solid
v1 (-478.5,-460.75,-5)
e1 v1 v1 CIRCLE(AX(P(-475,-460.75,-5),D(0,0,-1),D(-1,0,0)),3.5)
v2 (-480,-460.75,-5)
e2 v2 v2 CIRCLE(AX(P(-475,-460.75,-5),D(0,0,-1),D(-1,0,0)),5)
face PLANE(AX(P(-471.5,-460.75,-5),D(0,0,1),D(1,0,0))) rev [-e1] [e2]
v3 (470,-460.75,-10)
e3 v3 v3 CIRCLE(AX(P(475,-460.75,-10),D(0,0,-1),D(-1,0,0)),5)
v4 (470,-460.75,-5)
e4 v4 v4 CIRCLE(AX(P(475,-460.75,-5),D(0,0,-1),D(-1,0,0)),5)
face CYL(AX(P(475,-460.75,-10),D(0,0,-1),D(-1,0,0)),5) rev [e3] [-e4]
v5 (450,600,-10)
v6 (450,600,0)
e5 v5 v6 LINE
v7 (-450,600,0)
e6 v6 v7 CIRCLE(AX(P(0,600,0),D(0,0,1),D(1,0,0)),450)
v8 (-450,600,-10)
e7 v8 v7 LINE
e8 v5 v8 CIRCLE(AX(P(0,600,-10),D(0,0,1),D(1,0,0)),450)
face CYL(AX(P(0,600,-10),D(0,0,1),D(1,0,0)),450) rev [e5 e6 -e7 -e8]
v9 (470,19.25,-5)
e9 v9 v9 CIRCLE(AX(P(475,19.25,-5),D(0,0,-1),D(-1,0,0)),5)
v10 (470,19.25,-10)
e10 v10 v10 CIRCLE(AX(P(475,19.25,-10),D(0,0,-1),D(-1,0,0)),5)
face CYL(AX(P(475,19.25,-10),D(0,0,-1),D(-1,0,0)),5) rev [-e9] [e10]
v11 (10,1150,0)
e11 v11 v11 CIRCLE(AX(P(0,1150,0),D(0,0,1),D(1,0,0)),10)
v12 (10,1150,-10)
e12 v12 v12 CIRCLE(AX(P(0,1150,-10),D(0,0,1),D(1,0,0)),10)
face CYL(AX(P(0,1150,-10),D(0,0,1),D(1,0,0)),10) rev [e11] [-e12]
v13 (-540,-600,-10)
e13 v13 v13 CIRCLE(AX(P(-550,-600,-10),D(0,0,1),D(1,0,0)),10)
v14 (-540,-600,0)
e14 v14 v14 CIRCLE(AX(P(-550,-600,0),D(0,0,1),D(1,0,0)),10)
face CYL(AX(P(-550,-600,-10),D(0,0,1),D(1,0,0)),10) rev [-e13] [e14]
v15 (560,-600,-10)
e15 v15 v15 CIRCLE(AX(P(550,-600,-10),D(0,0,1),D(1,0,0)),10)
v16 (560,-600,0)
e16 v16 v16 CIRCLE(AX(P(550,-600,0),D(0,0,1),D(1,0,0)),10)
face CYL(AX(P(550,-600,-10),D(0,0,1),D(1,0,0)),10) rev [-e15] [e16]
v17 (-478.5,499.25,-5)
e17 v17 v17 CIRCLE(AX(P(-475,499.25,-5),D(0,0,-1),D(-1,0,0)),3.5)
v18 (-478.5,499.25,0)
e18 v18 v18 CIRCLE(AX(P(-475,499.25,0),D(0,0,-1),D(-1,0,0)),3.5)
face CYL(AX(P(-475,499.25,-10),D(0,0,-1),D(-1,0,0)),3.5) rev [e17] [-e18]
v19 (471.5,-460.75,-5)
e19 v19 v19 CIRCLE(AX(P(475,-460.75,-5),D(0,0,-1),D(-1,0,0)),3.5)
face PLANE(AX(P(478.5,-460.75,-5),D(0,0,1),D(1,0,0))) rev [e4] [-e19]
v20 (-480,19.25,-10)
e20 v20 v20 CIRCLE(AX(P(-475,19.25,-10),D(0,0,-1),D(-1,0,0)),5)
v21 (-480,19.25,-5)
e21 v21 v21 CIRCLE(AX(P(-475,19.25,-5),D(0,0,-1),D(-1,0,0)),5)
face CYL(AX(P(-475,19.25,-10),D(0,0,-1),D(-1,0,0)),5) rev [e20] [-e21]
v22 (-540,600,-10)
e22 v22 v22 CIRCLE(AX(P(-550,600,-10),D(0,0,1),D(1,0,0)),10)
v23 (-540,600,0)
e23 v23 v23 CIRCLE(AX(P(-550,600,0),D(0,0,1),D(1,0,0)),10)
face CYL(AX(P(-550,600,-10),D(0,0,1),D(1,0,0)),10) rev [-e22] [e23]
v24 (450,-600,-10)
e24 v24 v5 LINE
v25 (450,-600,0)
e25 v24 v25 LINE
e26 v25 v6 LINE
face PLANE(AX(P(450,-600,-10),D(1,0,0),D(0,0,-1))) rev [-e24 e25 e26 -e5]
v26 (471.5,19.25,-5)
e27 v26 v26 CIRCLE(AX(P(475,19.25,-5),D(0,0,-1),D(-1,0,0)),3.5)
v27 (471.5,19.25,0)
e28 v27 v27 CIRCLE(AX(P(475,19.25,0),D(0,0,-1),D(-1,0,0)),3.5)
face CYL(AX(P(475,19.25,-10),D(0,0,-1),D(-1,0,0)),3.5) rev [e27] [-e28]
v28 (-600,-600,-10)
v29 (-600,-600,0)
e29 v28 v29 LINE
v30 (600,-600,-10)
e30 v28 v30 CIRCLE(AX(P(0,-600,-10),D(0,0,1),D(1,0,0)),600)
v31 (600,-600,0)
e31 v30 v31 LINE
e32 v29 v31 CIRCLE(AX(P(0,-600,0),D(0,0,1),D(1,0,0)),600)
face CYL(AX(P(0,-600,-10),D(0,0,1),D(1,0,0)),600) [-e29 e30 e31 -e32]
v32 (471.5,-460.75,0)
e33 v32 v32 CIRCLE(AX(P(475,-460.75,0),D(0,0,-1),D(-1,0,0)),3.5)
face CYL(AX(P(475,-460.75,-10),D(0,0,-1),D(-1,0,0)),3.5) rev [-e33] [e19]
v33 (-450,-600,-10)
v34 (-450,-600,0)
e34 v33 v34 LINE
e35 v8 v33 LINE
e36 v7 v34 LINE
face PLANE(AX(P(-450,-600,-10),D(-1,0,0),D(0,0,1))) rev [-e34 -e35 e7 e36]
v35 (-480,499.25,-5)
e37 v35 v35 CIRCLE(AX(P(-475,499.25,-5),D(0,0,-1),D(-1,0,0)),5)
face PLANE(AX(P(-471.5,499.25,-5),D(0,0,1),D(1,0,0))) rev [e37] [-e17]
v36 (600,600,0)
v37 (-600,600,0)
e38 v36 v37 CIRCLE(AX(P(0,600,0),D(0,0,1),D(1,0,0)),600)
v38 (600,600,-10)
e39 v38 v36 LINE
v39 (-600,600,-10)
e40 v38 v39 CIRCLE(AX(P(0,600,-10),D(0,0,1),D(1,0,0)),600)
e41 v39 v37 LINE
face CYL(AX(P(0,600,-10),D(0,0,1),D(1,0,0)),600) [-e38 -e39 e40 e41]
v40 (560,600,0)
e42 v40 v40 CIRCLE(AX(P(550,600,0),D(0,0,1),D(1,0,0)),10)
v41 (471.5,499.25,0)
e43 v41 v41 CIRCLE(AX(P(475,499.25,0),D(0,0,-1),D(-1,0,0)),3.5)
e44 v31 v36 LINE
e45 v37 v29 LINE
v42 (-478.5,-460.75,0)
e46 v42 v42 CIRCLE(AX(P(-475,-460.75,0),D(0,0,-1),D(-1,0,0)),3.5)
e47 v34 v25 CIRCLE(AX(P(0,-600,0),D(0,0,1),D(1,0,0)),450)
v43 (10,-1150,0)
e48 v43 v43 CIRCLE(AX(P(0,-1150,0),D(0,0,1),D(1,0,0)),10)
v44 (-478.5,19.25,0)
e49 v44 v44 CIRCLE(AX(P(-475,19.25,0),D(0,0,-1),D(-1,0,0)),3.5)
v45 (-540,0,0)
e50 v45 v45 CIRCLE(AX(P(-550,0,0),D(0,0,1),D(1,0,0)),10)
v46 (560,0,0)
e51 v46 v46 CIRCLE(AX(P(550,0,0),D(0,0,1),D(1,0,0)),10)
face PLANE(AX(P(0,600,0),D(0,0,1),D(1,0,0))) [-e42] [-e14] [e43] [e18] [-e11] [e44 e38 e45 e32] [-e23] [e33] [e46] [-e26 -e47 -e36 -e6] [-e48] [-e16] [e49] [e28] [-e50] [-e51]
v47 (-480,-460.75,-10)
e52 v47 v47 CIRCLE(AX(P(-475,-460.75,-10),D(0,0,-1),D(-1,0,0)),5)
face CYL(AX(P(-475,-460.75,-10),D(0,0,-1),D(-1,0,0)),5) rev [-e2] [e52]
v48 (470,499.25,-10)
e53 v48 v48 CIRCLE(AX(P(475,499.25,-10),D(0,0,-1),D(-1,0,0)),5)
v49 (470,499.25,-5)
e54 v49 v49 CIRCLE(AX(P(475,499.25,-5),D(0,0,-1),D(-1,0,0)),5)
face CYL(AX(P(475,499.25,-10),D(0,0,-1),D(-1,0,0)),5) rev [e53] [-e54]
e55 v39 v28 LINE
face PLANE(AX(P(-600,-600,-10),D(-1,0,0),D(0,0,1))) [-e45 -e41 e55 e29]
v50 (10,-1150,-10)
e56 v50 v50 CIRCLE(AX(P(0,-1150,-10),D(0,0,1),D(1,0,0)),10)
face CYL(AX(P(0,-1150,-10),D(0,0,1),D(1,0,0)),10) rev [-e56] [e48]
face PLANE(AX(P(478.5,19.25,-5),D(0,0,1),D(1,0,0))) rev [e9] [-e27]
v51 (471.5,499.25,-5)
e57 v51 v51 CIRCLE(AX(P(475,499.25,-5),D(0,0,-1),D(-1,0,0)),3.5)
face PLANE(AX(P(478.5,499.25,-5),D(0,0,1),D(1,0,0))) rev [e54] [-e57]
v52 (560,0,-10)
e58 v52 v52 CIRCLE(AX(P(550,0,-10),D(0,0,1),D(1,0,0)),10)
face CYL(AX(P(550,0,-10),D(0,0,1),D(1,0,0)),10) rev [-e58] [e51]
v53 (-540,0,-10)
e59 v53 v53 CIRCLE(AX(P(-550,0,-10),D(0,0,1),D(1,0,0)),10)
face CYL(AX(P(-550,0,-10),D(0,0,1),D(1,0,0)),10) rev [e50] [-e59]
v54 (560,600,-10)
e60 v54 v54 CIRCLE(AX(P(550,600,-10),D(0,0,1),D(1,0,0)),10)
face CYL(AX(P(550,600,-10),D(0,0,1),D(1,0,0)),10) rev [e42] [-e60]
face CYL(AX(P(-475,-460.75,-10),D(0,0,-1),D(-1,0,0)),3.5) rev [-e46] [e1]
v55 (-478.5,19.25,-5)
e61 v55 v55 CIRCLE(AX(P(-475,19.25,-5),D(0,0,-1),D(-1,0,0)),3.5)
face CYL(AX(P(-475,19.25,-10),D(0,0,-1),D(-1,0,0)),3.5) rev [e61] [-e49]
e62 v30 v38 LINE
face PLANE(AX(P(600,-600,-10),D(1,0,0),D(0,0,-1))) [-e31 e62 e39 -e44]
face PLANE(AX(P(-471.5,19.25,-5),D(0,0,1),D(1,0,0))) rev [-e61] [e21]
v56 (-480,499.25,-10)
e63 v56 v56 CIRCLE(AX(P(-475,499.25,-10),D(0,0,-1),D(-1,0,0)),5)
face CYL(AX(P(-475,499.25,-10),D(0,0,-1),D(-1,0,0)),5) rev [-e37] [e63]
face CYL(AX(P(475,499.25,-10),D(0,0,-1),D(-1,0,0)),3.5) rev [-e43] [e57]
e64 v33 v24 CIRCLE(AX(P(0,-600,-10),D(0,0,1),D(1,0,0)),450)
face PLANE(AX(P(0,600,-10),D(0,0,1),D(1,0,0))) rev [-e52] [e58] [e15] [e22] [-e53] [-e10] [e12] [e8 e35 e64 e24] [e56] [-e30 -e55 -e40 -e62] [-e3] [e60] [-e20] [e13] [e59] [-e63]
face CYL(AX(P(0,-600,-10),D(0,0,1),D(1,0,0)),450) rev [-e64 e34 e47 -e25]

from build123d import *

# Parameters (mm, degrees)
SKETCH1_R           = 10
BOSS_EXTRUDE1_DEPTH = 10
HOLE2_D             = 7
HOLE2_CBORE_D       = 10
HOLE2_CBORE_DEPTH   = 5


with BuildPart() as part:
    # Sketch1 → Boss-Extrude1 (new body)
    with BuildSketch(Plane.XY):
        with BuildLine():
            Line((600, -600), (600, 600))
            ThreePointArc((600, 600), (0, 1200), (-600, 600))
            Line((-600, 600), (-600, -600))
            ThreePointArc((-600, -600), (0, -1200), (600, -600))
        make_face()
        with Locations((0, 1150)):
            Circle(SKETCH1_R, mode=Mode.SUBTRACT)
        with Locations((-550, 600)):
            Circle(SKETCH1_R, mode=Mode.SUBTRACT)
        with Locations((-550, 0)):
            Circle(SKETCH1_R, mode=Mode.SUBTRACT)
        with Locations((-550, -600)):
            Circle(SKETCH1_R, mode=Mode.SUBTRACT)
        with Locations((550, 600)):
            Circle(SKETCH1_R, mode=Mode.SUBTRACT)
        with Locations((550, 0)):
            Circle(SKETCH1_R, mode=Mode.SUBTRACT)
        with Locations((550, -600)):
            Circle(SKETCH1_R, mode=Mode.SUBTRACT)
        with Locations((0, -1150)):
            Circle(SKETCH1_R, mode=Mode.SUBTRACT)
        with BuildLine():
            Line((450, -600), (450, 600))
            ThreePointArc((450, 600), (0, 1050), (-450, 600))
            Line((-450, 600), (-450, -600))
            ThreePointArc((-450, -600), (0, -1050), (450, -600))
        make_face(mode=Mode.SUBTRACT)
    extrude(amount=-BOSS_EXTRUDE1_DEPTH)

    # Hole2 (through all)
    with Locations(Plane(origin=(475, 19.25, -10), x_dir=(-1, 0, 0), z_dir=(0, 0, -1))):
        with Locations((0, 0), (0, 480), (0, -480)):
            hole2 = CounterBoreHole(HOLE2_D / 2, HOLE2_CBORE_D / 2, HOLE2_CBORE_DEPTH)

    # Mirror1: Hole2 across plane
    add(hole2.mirror(Plane(origin=(0, 0, 0), x_dir=(0, 0, 1), z_dir=(1, 0, 0))), mode=Mode.SUBTRACT)


solid = part.part
